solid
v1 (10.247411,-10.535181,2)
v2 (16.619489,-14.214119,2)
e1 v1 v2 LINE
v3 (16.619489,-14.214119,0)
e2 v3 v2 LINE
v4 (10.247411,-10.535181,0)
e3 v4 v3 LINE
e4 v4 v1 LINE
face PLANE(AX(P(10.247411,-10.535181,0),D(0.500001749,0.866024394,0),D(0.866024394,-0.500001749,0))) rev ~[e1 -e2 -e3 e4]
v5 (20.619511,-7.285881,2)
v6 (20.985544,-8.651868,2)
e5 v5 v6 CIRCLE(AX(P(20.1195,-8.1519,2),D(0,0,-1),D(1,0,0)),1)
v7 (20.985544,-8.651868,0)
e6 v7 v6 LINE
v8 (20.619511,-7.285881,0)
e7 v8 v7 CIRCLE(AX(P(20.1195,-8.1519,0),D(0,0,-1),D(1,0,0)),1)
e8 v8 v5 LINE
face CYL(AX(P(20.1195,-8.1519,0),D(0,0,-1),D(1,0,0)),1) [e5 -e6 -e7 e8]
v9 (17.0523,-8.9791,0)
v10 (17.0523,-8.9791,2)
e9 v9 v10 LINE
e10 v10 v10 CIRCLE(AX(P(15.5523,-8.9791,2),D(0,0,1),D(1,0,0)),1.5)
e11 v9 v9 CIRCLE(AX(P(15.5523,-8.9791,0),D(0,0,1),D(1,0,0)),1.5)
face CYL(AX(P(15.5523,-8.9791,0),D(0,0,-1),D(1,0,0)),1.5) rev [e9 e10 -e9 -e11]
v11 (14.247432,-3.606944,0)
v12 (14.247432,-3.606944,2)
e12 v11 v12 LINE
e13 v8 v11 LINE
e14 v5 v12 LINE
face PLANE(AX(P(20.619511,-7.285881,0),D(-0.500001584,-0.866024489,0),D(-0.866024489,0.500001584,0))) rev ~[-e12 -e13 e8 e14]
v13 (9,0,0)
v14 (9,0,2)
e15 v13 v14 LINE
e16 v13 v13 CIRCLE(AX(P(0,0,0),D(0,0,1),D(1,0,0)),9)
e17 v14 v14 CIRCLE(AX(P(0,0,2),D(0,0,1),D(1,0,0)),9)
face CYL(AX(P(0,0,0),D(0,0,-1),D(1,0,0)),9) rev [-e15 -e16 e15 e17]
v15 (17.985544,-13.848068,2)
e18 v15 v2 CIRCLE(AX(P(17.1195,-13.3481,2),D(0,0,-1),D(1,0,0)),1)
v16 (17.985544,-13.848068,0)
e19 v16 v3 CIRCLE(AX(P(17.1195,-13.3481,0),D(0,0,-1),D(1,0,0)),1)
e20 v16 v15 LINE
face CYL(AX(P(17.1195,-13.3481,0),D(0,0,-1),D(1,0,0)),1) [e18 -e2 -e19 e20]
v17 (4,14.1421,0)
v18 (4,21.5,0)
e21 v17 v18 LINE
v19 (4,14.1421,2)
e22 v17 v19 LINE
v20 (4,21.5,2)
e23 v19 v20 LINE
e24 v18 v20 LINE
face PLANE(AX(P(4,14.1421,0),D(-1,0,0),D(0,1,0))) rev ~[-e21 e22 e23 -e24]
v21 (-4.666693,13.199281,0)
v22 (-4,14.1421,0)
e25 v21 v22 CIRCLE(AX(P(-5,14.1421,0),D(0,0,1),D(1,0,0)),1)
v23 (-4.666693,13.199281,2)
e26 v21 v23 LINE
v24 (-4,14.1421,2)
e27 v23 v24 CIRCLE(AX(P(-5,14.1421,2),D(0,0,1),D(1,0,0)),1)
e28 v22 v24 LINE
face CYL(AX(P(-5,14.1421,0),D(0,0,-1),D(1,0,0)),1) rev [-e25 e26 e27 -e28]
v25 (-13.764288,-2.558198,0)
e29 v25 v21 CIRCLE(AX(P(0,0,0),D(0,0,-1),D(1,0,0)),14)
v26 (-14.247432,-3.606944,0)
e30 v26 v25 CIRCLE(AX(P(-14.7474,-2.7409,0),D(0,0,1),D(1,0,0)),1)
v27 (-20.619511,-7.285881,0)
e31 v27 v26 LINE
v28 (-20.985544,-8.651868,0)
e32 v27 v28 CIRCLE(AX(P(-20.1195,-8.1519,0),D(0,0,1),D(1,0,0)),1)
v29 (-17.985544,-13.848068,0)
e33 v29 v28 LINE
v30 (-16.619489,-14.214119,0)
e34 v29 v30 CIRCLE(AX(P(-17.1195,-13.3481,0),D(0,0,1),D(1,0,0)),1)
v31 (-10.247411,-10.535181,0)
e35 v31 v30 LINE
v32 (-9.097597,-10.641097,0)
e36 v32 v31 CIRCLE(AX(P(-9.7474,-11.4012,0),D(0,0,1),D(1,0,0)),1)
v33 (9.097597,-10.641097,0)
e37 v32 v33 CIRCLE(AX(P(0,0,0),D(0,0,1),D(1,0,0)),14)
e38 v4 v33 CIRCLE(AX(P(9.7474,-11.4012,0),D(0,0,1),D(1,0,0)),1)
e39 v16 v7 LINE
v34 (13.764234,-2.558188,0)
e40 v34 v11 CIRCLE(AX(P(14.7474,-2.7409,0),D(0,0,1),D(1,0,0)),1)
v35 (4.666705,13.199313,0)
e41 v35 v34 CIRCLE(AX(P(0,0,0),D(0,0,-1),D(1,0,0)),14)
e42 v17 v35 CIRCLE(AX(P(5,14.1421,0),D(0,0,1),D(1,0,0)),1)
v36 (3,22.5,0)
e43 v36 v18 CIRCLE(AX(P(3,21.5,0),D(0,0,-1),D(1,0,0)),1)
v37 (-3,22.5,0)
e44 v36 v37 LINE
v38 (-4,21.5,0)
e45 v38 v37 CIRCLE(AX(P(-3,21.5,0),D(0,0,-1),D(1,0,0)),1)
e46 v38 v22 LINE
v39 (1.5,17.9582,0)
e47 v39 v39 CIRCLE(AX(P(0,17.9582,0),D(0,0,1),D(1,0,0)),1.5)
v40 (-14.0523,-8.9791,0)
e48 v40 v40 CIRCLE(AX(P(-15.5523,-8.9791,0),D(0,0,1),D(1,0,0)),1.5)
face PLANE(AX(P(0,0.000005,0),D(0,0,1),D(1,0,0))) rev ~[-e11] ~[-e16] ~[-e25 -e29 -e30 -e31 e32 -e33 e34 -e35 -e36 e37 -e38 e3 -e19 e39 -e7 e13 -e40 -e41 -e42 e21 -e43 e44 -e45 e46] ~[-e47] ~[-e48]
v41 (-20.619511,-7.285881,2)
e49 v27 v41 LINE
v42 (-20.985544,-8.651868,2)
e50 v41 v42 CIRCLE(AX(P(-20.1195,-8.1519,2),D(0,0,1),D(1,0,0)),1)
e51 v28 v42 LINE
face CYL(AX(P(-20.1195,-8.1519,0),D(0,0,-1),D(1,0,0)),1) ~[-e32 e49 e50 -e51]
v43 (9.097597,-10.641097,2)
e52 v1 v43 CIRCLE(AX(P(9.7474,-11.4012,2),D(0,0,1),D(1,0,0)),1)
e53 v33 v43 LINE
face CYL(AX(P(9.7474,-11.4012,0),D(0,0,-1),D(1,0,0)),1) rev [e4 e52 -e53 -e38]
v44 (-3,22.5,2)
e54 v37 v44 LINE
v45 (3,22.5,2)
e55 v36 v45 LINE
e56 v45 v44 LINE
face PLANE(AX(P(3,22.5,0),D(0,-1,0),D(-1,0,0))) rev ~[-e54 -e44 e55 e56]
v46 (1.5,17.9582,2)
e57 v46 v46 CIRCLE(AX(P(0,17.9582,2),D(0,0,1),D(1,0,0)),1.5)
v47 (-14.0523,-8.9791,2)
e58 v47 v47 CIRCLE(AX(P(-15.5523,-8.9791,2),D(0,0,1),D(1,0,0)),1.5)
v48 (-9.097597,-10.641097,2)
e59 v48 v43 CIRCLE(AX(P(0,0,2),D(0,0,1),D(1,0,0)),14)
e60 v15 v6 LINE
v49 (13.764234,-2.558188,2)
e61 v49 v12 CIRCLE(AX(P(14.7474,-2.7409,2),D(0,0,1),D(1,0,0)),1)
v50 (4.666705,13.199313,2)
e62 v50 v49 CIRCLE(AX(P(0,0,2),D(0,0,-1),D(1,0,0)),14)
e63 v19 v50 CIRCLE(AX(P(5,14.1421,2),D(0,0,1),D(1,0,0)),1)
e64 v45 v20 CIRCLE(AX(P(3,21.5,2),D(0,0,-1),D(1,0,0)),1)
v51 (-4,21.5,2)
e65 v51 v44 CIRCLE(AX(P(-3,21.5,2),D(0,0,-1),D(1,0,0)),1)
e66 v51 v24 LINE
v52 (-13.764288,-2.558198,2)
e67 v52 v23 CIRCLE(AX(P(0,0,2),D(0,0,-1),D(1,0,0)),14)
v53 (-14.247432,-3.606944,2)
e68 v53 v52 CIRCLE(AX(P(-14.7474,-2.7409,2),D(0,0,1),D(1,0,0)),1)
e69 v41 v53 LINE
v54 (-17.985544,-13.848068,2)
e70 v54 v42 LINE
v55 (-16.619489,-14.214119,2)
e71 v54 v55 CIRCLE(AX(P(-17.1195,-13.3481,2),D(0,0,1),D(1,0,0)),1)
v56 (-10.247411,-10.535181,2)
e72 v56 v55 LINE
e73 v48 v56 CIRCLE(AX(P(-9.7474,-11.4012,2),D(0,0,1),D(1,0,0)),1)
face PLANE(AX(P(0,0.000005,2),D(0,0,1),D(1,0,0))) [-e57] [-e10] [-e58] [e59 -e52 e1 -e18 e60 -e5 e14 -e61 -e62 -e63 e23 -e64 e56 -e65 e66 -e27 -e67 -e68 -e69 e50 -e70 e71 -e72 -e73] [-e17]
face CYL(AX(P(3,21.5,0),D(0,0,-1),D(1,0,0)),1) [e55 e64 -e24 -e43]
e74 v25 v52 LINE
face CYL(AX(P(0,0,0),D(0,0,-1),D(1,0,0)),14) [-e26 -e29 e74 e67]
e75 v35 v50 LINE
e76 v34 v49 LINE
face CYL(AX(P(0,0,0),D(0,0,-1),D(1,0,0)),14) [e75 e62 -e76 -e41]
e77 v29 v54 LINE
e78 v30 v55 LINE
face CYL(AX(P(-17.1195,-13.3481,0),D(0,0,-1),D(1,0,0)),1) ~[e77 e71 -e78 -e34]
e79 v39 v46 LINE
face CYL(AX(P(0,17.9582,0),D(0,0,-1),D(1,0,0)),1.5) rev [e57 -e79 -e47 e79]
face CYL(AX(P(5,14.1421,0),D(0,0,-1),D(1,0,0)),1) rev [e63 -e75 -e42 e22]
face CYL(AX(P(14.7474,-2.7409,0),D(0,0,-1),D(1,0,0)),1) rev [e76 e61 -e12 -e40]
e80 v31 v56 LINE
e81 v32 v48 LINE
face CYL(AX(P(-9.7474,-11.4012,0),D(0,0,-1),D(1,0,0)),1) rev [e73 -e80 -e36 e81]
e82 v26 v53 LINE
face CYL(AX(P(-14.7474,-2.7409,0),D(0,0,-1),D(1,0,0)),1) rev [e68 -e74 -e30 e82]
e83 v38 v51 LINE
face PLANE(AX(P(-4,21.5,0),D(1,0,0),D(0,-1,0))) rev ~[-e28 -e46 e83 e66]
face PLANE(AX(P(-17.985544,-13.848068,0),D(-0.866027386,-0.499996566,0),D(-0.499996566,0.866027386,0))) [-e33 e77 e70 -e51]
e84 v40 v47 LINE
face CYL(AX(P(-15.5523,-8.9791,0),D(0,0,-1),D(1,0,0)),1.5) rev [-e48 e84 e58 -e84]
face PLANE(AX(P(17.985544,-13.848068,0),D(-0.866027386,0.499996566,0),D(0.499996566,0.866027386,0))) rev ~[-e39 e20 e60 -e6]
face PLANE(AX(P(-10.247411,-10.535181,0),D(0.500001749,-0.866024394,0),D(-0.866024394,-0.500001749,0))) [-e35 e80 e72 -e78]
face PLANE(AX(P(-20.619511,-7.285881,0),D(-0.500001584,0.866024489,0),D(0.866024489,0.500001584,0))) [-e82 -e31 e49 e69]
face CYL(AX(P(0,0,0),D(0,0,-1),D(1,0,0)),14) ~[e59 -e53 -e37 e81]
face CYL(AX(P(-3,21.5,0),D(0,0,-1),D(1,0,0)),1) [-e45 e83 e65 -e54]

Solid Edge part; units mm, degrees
sketch "Sketch1" plane through (0, 0, 0) normal (0, 0, 1) x (1, 0, 0)
  circle A0 centre (0, 0) radius 9
  line L0 (3, 22.5) -> (-3, 22.5)
  arc A1 (-4, 21.5) -> (-3, 22.5) centre (-3, 21.5) cw
  line L1 (-4, 21.5) -> (-4, 14.1421)
  arc A2 (-4.6667, 13.1993) -> (-4, 14.1421) centre (-5, 14.1421) ccw
  arc A3 (-13.7643, -2.5582) -> (-4.6667, 13.1993) centre (0, 0) cw
  arc A4 (-14.2474, -3.607) -> (-13.7643, -2.5582) centre (-14.7474, -2.7409) ccw
  line L2 (-20.6195, -7.2859) -> (-14.2474, -3.607)
  arc A5 (-20.6195, -7.2859) -> (-20.9856, -8.6519) centre (-20.1195, -8.1519) ccw
  line L3 (-17.9856, -13.8481) -> (-20.9856, -8.6519)
  arc A6 (-17.9856, -13.8481) -> (-16.6195, -14.2141) centre (-17.1195, -13.3481) ccw
  line L4 (-10.2474, -10.5352) -> (-16.6195, -14.2141)
  arc A7 (-9.0976, -10.6411) -> (-10.2474, -10.5352) centre (-9.7474, -11.4012) ccw
  arc A8 (10.2474, -10.5352) -> (9.0976, -10.6411) centre (9.7474, -11.4012) ccw
  line L5 (10.2474, -10.5352) -> (16.6195, -14.2141)
  arc A9 (17.9856, -13.8481) -> (16.6195, -14.2141) centre (17.1195, -13.3481) cw
  line L6 (17.9856, -13.8481) -> (20.9856, -8.6519)
  arc A10 (20.6195, -7.2859) -> (20.9856, -8.6519) centre (20.1195, -8.1519) cw
  line L7 (20.6195, -7.2859) -> (14.2474, -3.607)
  arc A11 (13.7643, -2.5582) -> (14.2474, -3.607) centre (14.7474, -2.7409) ccw
  arc A12 (4.6667, 13.1993) -> (13.7643, -2.5582) centre (0, 0) cw
  arc A13 (4, 14.1421) -> (4.6667, 13.1993) centre (5, 14.1421) ccw
  line L8 (4, 14.1421) -> (4, 21.5)
  arc A14 (3, 22.5) -> (4, 21.5) centre (3, 21.5) cw
  arc A15 (-9.0976, -10.6411) -> (9.0976, -10.6411) centre (0, 0) ccw
  circle A16 centre (0, 17.9582) radius 1.5
  circle A17 centre (-15.5523, -8.9791) radius 1.5
  circle A18 centre (15.5523, -8.9791) radius 1.5
extrude "Protrusion1" add sketch "Sketch1" along normal blind 2
